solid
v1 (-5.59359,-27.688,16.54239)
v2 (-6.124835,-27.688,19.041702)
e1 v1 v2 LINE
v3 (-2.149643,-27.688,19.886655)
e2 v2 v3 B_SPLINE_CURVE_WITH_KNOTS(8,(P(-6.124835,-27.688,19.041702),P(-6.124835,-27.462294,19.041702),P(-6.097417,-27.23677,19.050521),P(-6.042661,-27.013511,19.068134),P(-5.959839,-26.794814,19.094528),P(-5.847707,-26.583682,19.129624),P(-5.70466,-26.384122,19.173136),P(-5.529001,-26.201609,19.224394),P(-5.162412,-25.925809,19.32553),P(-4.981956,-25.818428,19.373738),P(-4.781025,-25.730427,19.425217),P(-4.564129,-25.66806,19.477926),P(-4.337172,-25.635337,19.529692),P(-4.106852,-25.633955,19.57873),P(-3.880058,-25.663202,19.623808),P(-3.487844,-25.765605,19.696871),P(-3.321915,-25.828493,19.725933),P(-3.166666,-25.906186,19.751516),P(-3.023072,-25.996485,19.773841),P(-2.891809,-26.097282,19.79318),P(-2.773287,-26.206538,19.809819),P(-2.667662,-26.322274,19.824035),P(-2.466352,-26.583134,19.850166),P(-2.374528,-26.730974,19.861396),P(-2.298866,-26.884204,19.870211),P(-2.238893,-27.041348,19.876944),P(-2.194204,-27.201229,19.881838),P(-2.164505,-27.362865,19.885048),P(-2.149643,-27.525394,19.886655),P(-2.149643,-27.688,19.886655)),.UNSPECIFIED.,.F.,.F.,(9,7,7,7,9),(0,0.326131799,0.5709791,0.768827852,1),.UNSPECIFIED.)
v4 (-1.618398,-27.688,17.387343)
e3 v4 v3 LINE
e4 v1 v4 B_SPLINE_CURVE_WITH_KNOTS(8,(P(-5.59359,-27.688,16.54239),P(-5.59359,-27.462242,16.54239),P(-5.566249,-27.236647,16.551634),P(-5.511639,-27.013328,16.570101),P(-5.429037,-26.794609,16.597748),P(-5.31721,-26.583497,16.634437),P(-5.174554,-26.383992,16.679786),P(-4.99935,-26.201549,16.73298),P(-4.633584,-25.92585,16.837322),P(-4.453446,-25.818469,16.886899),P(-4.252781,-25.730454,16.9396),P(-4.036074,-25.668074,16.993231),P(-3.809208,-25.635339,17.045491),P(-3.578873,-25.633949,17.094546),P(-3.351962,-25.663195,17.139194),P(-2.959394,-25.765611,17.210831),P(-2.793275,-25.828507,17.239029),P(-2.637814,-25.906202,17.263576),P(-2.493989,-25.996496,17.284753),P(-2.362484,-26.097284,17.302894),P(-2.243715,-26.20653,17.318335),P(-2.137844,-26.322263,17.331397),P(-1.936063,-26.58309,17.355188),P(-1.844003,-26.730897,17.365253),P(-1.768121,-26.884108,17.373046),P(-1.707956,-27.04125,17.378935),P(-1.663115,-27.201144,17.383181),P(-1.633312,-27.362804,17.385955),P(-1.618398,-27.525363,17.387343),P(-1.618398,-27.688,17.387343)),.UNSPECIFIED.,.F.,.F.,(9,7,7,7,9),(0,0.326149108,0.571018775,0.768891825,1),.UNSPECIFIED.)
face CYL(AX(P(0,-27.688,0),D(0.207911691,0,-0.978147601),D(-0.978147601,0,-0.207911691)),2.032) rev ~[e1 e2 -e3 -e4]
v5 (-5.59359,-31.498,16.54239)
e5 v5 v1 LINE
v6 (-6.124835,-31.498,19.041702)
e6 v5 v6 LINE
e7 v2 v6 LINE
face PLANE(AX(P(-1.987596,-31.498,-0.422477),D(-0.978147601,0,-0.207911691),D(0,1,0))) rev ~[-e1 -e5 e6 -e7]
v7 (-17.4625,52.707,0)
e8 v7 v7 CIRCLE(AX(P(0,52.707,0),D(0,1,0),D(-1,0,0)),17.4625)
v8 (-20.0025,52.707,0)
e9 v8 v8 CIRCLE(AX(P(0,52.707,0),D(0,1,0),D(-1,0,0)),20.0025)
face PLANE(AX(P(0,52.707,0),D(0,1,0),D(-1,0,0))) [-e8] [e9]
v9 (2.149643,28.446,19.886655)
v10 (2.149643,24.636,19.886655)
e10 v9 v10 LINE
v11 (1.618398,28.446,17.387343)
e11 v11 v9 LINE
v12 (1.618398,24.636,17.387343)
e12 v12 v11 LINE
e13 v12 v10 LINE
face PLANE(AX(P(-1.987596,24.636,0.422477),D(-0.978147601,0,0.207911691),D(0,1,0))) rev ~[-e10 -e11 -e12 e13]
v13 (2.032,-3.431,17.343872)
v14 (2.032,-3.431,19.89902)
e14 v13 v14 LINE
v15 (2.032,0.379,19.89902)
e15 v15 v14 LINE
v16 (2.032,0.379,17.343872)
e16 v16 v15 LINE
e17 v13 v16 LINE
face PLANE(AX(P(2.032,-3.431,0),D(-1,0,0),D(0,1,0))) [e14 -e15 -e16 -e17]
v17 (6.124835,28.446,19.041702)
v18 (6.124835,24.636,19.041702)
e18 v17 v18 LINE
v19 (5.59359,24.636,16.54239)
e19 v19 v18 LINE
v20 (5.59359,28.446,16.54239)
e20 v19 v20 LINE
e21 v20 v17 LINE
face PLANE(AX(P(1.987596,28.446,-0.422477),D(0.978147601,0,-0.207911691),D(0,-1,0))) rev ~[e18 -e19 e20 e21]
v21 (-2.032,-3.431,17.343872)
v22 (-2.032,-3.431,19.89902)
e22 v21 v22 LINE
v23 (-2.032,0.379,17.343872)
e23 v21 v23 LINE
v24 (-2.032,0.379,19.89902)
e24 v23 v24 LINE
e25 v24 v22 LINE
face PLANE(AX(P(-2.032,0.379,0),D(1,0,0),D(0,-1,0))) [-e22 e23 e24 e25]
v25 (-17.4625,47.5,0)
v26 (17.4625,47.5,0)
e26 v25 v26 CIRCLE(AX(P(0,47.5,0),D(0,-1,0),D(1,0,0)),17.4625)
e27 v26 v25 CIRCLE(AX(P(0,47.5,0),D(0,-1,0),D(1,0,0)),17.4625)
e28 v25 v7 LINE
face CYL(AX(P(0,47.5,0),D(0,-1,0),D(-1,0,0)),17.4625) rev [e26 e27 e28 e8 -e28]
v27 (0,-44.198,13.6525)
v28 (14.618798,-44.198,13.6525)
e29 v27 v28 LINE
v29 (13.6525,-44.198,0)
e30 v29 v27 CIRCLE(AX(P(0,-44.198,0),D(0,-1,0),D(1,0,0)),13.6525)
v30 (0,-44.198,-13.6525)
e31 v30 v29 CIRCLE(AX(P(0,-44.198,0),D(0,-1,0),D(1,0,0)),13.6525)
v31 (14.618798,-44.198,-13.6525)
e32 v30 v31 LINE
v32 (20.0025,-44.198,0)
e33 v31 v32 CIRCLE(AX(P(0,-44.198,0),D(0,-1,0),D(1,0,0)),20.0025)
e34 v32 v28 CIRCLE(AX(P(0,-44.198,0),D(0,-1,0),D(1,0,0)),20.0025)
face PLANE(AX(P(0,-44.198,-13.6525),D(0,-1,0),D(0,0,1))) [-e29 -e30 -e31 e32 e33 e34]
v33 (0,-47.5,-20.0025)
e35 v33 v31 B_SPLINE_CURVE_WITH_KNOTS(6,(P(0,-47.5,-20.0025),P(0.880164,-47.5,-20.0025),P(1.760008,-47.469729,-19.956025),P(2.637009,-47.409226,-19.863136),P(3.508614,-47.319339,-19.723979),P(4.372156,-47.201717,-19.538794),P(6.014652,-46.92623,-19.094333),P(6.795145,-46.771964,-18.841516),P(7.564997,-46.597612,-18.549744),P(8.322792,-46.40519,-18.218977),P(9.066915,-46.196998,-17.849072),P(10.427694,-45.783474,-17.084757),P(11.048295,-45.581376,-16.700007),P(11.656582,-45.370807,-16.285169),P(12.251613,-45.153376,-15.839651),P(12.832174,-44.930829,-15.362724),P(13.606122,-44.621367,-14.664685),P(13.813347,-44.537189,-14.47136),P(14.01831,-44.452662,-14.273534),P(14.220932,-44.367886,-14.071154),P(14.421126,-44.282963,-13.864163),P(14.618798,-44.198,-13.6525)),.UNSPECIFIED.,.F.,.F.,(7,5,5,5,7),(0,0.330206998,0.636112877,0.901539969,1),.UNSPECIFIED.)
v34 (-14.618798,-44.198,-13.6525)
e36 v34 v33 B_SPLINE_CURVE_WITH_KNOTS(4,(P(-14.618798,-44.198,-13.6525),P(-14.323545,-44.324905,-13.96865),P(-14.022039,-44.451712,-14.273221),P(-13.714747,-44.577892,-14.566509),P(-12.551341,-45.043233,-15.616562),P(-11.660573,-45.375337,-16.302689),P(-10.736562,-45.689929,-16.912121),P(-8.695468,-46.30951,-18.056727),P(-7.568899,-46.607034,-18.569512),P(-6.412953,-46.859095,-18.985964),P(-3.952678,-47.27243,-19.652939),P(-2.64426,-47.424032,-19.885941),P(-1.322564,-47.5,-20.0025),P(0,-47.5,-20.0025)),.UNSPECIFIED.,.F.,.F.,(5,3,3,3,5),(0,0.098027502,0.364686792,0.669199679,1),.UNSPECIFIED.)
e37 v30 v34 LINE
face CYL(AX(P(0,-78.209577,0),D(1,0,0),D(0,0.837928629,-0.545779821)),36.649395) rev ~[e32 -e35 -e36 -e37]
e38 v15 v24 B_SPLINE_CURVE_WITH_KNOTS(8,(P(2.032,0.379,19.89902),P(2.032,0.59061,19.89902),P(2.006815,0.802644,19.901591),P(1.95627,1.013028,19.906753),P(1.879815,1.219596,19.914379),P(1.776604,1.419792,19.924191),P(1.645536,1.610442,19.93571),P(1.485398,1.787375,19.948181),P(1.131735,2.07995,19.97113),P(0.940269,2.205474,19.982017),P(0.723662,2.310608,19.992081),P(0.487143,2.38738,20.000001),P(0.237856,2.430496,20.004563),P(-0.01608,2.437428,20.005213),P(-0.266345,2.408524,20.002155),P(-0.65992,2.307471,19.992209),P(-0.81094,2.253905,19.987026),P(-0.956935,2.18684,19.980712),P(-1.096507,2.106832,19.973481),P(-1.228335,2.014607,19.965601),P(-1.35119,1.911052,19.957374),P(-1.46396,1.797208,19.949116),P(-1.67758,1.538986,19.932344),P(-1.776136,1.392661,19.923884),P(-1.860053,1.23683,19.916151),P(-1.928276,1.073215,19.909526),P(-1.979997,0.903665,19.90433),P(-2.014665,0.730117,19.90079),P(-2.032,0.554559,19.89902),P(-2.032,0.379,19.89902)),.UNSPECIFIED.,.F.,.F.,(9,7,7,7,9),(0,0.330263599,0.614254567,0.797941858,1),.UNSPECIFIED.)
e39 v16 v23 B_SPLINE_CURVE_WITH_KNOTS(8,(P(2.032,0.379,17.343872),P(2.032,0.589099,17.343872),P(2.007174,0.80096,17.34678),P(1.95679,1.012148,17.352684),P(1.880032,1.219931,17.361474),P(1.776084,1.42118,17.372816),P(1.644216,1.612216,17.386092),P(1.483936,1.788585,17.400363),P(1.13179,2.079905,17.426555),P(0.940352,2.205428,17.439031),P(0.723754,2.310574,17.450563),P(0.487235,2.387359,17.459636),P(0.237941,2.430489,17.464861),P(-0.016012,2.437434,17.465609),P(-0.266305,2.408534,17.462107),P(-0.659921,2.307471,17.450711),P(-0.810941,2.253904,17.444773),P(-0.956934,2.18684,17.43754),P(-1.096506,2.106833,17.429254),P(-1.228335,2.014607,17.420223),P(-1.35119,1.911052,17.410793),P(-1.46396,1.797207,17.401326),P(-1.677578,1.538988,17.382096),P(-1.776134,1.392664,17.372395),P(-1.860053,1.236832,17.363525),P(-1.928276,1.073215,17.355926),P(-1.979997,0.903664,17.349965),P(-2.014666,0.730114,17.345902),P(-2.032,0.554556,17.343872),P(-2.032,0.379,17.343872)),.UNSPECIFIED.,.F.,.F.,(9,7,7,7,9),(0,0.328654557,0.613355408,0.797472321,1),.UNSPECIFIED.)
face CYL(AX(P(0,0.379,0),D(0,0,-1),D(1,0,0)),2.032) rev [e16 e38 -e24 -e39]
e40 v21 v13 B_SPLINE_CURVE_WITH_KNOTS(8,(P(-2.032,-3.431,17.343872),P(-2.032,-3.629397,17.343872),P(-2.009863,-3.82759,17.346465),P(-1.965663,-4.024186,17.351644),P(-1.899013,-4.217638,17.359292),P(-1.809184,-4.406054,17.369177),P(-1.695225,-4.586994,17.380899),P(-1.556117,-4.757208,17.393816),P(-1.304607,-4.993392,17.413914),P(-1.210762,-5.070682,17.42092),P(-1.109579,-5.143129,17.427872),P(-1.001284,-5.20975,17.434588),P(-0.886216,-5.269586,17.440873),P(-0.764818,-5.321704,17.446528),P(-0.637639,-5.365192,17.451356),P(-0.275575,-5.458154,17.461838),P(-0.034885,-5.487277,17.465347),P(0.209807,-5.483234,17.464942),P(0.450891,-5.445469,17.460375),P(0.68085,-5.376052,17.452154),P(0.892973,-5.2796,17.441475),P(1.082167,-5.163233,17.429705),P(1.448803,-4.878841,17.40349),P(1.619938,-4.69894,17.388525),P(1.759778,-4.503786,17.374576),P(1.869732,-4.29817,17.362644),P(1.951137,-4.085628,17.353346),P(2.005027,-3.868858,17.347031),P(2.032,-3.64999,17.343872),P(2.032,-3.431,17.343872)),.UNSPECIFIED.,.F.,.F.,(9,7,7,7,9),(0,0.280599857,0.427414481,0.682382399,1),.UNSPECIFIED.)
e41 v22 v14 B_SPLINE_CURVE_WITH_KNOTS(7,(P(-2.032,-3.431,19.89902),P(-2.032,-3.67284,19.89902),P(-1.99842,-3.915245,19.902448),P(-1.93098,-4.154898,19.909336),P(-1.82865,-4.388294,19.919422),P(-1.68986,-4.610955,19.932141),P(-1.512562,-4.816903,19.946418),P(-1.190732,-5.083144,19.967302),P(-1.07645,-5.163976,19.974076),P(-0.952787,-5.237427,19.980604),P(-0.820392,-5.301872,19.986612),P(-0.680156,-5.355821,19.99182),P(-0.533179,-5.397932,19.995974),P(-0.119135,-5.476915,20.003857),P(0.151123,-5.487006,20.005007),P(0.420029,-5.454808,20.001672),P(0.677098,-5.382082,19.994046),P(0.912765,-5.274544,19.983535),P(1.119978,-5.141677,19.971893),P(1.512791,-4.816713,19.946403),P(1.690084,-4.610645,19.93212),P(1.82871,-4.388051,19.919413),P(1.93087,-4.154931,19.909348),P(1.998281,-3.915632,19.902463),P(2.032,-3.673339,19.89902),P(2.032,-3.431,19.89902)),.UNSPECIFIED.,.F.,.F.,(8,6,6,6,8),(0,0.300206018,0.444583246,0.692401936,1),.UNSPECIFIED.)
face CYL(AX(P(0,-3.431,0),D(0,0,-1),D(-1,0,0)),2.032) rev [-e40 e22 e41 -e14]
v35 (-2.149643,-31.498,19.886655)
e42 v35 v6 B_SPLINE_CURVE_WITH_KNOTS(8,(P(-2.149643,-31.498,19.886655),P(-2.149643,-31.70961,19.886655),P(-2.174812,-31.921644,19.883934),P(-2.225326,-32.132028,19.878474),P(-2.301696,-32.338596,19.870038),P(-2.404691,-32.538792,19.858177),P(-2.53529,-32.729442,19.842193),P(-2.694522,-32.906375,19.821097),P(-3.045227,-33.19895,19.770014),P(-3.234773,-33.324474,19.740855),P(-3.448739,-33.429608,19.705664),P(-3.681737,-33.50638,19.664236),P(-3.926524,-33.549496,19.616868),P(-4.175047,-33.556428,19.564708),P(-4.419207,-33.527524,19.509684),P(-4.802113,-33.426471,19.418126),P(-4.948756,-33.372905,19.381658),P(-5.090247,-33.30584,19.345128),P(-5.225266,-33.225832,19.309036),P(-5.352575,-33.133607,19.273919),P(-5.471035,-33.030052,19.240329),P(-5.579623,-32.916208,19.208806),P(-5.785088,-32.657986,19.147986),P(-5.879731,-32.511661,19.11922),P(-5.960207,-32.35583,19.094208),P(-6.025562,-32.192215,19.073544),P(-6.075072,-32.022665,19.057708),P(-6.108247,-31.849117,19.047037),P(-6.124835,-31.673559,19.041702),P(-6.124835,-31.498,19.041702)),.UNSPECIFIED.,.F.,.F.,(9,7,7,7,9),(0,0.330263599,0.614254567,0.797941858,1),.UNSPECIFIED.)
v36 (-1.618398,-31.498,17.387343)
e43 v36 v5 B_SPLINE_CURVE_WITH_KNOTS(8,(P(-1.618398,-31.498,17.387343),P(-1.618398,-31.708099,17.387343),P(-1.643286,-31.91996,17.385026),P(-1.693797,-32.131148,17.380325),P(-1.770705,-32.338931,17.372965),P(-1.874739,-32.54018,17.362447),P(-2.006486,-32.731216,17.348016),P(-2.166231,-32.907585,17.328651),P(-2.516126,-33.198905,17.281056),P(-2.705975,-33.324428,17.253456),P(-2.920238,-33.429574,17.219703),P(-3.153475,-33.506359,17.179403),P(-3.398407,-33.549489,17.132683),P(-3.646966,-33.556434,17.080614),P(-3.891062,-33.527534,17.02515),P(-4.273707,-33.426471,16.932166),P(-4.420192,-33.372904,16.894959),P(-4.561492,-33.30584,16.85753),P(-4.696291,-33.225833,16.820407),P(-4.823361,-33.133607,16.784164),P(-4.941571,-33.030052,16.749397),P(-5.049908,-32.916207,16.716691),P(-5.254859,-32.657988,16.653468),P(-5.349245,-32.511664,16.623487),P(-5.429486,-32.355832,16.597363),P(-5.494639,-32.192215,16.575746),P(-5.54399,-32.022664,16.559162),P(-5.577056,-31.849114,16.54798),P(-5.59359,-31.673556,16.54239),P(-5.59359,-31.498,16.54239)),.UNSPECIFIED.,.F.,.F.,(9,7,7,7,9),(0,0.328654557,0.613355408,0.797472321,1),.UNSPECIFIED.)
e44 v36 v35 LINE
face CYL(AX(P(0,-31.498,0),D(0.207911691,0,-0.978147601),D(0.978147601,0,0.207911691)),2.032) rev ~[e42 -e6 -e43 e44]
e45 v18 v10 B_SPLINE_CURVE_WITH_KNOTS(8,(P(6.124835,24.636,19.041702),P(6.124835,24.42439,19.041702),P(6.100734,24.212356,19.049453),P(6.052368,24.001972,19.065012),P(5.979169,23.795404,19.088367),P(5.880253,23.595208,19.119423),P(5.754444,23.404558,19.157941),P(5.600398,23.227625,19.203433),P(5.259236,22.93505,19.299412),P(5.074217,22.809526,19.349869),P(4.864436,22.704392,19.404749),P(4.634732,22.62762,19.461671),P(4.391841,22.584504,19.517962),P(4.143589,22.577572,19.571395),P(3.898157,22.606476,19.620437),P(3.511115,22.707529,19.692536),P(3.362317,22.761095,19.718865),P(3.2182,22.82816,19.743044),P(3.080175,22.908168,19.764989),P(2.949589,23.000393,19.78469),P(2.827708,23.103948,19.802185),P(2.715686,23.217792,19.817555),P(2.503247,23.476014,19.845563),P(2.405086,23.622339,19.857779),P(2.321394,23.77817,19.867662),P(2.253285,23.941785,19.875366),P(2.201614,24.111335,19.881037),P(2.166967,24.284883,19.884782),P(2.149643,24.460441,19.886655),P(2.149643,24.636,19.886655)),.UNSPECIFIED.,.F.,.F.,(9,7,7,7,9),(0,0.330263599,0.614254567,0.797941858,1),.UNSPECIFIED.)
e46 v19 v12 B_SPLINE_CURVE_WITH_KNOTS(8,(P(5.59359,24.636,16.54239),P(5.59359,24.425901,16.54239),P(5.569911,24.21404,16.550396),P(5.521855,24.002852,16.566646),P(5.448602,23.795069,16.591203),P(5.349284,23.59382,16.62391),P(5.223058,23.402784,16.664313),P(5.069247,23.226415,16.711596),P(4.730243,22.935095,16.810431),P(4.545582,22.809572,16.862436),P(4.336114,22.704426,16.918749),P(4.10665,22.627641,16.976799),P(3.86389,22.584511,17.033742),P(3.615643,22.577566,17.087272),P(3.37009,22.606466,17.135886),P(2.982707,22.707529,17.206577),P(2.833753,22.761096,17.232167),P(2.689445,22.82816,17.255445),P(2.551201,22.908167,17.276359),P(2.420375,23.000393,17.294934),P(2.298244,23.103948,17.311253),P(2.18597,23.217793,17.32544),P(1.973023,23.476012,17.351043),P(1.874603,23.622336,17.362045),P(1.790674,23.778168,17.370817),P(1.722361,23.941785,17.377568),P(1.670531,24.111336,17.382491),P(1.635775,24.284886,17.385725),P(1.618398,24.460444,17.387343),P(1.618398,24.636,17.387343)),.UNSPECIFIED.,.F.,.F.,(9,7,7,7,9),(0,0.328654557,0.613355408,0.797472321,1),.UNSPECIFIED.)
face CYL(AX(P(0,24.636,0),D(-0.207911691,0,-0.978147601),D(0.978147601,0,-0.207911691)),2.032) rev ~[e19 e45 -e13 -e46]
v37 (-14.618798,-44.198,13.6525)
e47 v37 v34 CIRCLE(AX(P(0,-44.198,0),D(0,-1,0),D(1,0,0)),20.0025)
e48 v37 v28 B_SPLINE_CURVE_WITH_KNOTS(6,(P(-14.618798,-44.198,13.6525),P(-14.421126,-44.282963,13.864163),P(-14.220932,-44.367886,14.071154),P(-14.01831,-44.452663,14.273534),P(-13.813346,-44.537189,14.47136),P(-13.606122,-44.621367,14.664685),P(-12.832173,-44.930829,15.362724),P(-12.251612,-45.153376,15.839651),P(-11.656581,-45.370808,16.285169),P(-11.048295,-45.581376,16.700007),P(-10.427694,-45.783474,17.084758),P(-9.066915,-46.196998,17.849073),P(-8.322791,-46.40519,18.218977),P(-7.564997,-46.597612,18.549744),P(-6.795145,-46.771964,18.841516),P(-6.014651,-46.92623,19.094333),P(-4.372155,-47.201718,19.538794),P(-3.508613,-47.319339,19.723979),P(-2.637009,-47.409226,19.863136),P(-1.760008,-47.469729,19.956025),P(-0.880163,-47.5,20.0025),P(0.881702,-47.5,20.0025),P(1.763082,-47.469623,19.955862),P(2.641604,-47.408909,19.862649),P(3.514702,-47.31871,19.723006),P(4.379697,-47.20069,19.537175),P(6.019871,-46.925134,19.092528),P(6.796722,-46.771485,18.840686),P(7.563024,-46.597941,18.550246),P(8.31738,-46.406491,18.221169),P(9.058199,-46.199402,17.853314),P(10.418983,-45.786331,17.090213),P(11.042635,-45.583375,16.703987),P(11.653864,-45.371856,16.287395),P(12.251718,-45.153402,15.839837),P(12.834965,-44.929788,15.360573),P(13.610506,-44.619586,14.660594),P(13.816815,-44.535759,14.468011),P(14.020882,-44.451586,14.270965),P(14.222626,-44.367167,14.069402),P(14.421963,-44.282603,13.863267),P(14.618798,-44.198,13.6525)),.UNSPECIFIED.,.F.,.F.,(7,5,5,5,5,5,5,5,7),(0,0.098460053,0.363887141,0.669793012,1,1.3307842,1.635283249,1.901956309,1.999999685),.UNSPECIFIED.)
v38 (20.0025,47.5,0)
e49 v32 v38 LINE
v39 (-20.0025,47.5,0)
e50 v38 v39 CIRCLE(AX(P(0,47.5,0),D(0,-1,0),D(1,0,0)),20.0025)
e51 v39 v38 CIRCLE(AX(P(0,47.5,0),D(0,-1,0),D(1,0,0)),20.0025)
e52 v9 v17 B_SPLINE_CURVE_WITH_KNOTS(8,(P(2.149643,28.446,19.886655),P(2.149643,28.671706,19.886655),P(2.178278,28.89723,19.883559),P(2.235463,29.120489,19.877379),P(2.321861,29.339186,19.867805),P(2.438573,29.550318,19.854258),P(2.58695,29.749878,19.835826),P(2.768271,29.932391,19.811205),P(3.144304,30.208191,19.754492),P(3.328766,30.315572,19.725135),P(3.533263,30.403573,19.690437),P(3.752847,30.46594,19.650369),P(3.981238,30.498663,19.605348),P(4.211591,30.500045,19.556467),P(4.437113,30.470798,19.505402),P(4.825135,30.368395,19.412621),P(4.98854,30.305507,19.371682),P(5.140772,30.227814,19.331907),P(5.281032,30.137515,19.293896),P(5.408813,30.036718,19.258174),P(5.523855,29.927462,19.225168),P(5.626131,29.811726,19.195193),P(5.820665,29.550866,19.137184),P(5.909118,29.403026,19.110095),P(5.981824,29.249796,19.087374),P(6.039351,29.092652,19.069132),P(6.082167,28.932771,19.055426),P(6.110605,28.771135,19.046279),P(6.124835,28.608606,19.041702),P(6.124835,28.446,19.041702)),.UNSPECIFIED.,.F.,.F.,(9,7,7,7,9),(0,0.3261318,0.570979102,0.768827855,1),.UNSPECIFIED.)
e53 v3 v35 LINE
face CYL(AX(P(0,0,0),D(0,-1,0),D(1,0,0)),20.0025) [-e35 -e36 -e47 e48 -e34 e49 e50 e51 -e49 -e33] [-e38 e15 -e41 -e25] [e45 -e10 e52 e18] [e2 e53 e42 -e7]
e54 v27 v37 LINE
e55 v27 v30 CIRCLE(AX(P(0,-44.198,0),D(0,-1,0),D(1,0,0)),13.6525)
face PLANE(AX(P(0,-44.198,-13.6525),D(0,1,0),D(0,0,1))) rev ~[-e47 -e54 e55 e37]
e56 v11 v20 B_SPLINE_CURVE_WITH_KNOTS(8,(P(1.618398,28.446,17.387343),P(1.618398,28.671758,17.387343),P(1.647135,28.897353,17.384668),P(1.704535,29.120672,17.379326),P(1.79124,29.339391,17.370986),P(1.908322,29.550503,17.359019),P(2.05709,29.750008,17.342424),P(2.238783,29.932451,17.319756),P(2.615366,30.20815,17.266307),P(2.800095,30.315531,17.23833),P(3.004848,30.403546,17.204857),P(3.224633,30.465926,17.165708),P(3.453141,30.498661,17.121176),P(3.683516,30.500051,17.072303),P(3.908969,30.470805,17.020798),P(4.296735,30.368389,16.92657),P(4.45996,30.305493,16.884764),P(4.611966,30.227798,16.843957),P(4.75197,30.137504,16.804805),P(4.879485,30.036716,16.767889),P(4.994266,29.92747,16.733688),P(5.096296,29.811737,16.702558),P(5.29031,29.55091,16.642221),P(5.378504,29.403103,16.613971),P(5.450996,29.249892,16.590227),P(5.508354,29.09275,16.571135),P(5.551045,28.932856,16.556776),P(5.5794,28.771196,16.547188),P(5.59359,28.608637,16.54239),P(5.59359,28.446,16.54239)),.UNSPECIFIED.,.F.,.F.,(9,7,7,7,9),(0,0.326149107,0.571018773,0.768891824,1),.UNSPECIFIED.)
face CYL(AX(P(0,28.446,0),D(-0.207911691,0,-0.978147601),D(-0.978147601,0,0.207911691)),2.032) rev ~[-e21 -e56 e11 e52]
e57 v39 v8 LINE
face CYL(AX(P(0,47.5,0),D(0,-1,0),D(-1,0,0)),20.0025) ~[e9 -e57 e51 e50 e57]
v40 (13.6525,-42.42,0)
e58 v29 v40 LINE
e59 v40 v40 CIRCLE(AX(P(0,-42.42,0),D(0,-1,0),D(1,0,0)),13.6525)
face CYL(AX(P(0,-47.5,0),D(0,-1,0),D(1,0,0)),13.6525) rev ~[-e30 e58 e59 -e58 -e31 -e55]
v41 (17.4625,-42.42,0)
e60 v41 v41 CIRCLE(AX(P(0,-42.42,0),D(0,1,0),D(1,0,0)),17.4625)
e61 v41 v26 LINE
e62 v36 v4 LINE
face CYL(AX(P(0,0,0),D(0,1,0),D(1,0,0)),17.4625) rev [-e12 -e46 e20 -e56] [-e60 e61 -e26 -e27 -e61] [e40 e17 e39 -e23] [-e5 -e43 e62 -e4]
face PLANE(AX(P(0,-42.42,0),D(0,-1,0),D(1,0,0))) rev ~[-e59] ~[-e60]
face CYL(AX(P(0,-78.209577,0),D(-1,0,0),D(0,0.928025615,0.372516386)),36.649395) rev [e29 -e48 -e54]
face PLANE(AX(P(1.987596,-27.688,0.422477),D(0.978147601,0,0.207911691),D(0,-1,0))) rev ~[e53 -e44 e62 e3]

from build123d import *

# Parameters (mm, degrees)
F0_R          = 20.0025
F0_R_2        = 17.4625
F1_DEPTH      = 47.5
F2_R          = 20.0025
F2_R_2        = 13.6525
F3_DEPTH      = 5.08
F5_DEPTH      = 20.0035
F5_DEPTH_BACK = 20.0035
F7_DEPTH      = 20.0035001
F11_DEPTH     = 23.7251510989
F14_DEPTH     = 23.7251510989
F15_R         = 20.0025
F15_R_2       = 17.4625
F16_DEPTH     = 5.207


with BuildPart() as f1:
    # F0 (on Front) → F1 (new body, symmetric)
    with BuildSketch(Plane.XZ):
        Circle(F0_R)
        Circle(F0_R_2, mode=Mode.SUBTRACT)
    extrude(amount=F1_DEPTH, both=True)

    # F2 (on face) → F3 (join)
    with BuildSketch(Plane.XZ.offset(47.5)):
        Circle(F2_R)
        Circle(F2_R_2, mode=Mode.SUBTRACT)
    extrude(amount=-F3_DEPTH)

    # F4 (on Right) → F5 (cut, two sides)
    with BuildSketch(Plane.YZ) as f5_sk:
        with BuildLine():
            Line((-44.198, -13.6525), (-44.198, 13.6525))
            ThreePointArc((-44.198, 13.6525), (-45.6936183213, 16.9082984729), (-47.5, 20.0025))
            Line((-47.5, 20.0025), (-47.5, -20.0025))
            ThreePointArc((-47.5, -20.0025), (-45.6936183213, -16.9082984729), (-44.198, -13.6525))
        make_face()
    extrude(amount=-F5_DEPTH, mode=Mode.SUBTRACT)
    extrude(f5_sk.sketch, amount=F5_DEPTH_BACK, mode=Mode.SUBTRACT)

    # F6 (on Top) → F7 (cut, through all)
    with BuildSketch(Plane.XY):
        with BuildLine():
            Line((-2.032, 0.379), (-2.032, -3.431))
            ThreePointArc((-2.032, -3.431), (0, -5.463), (2.032, -3.431))
            Line((2.032, -3.431), (2.032, 0.379))
            ThreePointArc((2.032, 0.379), (0, 2.411), (-2.032, 0.379))
        make_face()
    extrude(amount=F7_DEPTH, mode=Mode.SUBTRACT)

    # F10 (on face) → F11 (cut, through all)
    with BuildSketch(Plane(origin=(0, 0, 0), x_dir=(0.9781476007, 0, 0.2079116908), z_dir=(0.2079116908, 0, -0.9781476007))):
        with BuildLine():
            ThreePointArc((2.032, 31.498), (0, 33.53), (-2.032, 31.498))
            Line((-2.032, 31.498), (-2.032, 27.688))
            ThreePointArc((-2.032, 27.688), (0, 25.656), (2.032, 27.688))
            Line((2.032, 27.688), (2.032, 31.498))
        make_face()
    extrude(amount=-F11_DEPTH, mode=Mode.SUBTRACT)

    # F13 (on face) → F14 (cut, through all)
    with BuildSketch(Plane(origin=(0, 0, 0), x_dir=(0.9781476007, 0, -0.2079116908), z_dir=(-0.2079116908, 0, -0.9781476007))):
        with BuildLine():
            Line((2.032, -28.446), (2.032, -24.636))
            ThreePointArc((2.032, -24.636), (0, -22.604), (-2.032, -24.636))
            Line((-2.032, -24.636), (-2.032, -28.446))
            ThreePointArc((-2.032, -28.446), (0, -30.478), (2.032, -28.446))
        make_face()
    extrude(amount=-F14_DEPTH, mode=Mode.SUBTRACT)

    # F15 (on face) → F16 (join)
    with BuildSketch(Plane(origin=(0, 47.5, 0), x_dir=(-1, 0, 0), z_dir=(0, 1, 0))):
        Circle(F15_R)
        Circle(F15_R_2, mode=Mode.SUBTRACT)
    extrude(amount=F16_DEPTH)


solid = f1.part
